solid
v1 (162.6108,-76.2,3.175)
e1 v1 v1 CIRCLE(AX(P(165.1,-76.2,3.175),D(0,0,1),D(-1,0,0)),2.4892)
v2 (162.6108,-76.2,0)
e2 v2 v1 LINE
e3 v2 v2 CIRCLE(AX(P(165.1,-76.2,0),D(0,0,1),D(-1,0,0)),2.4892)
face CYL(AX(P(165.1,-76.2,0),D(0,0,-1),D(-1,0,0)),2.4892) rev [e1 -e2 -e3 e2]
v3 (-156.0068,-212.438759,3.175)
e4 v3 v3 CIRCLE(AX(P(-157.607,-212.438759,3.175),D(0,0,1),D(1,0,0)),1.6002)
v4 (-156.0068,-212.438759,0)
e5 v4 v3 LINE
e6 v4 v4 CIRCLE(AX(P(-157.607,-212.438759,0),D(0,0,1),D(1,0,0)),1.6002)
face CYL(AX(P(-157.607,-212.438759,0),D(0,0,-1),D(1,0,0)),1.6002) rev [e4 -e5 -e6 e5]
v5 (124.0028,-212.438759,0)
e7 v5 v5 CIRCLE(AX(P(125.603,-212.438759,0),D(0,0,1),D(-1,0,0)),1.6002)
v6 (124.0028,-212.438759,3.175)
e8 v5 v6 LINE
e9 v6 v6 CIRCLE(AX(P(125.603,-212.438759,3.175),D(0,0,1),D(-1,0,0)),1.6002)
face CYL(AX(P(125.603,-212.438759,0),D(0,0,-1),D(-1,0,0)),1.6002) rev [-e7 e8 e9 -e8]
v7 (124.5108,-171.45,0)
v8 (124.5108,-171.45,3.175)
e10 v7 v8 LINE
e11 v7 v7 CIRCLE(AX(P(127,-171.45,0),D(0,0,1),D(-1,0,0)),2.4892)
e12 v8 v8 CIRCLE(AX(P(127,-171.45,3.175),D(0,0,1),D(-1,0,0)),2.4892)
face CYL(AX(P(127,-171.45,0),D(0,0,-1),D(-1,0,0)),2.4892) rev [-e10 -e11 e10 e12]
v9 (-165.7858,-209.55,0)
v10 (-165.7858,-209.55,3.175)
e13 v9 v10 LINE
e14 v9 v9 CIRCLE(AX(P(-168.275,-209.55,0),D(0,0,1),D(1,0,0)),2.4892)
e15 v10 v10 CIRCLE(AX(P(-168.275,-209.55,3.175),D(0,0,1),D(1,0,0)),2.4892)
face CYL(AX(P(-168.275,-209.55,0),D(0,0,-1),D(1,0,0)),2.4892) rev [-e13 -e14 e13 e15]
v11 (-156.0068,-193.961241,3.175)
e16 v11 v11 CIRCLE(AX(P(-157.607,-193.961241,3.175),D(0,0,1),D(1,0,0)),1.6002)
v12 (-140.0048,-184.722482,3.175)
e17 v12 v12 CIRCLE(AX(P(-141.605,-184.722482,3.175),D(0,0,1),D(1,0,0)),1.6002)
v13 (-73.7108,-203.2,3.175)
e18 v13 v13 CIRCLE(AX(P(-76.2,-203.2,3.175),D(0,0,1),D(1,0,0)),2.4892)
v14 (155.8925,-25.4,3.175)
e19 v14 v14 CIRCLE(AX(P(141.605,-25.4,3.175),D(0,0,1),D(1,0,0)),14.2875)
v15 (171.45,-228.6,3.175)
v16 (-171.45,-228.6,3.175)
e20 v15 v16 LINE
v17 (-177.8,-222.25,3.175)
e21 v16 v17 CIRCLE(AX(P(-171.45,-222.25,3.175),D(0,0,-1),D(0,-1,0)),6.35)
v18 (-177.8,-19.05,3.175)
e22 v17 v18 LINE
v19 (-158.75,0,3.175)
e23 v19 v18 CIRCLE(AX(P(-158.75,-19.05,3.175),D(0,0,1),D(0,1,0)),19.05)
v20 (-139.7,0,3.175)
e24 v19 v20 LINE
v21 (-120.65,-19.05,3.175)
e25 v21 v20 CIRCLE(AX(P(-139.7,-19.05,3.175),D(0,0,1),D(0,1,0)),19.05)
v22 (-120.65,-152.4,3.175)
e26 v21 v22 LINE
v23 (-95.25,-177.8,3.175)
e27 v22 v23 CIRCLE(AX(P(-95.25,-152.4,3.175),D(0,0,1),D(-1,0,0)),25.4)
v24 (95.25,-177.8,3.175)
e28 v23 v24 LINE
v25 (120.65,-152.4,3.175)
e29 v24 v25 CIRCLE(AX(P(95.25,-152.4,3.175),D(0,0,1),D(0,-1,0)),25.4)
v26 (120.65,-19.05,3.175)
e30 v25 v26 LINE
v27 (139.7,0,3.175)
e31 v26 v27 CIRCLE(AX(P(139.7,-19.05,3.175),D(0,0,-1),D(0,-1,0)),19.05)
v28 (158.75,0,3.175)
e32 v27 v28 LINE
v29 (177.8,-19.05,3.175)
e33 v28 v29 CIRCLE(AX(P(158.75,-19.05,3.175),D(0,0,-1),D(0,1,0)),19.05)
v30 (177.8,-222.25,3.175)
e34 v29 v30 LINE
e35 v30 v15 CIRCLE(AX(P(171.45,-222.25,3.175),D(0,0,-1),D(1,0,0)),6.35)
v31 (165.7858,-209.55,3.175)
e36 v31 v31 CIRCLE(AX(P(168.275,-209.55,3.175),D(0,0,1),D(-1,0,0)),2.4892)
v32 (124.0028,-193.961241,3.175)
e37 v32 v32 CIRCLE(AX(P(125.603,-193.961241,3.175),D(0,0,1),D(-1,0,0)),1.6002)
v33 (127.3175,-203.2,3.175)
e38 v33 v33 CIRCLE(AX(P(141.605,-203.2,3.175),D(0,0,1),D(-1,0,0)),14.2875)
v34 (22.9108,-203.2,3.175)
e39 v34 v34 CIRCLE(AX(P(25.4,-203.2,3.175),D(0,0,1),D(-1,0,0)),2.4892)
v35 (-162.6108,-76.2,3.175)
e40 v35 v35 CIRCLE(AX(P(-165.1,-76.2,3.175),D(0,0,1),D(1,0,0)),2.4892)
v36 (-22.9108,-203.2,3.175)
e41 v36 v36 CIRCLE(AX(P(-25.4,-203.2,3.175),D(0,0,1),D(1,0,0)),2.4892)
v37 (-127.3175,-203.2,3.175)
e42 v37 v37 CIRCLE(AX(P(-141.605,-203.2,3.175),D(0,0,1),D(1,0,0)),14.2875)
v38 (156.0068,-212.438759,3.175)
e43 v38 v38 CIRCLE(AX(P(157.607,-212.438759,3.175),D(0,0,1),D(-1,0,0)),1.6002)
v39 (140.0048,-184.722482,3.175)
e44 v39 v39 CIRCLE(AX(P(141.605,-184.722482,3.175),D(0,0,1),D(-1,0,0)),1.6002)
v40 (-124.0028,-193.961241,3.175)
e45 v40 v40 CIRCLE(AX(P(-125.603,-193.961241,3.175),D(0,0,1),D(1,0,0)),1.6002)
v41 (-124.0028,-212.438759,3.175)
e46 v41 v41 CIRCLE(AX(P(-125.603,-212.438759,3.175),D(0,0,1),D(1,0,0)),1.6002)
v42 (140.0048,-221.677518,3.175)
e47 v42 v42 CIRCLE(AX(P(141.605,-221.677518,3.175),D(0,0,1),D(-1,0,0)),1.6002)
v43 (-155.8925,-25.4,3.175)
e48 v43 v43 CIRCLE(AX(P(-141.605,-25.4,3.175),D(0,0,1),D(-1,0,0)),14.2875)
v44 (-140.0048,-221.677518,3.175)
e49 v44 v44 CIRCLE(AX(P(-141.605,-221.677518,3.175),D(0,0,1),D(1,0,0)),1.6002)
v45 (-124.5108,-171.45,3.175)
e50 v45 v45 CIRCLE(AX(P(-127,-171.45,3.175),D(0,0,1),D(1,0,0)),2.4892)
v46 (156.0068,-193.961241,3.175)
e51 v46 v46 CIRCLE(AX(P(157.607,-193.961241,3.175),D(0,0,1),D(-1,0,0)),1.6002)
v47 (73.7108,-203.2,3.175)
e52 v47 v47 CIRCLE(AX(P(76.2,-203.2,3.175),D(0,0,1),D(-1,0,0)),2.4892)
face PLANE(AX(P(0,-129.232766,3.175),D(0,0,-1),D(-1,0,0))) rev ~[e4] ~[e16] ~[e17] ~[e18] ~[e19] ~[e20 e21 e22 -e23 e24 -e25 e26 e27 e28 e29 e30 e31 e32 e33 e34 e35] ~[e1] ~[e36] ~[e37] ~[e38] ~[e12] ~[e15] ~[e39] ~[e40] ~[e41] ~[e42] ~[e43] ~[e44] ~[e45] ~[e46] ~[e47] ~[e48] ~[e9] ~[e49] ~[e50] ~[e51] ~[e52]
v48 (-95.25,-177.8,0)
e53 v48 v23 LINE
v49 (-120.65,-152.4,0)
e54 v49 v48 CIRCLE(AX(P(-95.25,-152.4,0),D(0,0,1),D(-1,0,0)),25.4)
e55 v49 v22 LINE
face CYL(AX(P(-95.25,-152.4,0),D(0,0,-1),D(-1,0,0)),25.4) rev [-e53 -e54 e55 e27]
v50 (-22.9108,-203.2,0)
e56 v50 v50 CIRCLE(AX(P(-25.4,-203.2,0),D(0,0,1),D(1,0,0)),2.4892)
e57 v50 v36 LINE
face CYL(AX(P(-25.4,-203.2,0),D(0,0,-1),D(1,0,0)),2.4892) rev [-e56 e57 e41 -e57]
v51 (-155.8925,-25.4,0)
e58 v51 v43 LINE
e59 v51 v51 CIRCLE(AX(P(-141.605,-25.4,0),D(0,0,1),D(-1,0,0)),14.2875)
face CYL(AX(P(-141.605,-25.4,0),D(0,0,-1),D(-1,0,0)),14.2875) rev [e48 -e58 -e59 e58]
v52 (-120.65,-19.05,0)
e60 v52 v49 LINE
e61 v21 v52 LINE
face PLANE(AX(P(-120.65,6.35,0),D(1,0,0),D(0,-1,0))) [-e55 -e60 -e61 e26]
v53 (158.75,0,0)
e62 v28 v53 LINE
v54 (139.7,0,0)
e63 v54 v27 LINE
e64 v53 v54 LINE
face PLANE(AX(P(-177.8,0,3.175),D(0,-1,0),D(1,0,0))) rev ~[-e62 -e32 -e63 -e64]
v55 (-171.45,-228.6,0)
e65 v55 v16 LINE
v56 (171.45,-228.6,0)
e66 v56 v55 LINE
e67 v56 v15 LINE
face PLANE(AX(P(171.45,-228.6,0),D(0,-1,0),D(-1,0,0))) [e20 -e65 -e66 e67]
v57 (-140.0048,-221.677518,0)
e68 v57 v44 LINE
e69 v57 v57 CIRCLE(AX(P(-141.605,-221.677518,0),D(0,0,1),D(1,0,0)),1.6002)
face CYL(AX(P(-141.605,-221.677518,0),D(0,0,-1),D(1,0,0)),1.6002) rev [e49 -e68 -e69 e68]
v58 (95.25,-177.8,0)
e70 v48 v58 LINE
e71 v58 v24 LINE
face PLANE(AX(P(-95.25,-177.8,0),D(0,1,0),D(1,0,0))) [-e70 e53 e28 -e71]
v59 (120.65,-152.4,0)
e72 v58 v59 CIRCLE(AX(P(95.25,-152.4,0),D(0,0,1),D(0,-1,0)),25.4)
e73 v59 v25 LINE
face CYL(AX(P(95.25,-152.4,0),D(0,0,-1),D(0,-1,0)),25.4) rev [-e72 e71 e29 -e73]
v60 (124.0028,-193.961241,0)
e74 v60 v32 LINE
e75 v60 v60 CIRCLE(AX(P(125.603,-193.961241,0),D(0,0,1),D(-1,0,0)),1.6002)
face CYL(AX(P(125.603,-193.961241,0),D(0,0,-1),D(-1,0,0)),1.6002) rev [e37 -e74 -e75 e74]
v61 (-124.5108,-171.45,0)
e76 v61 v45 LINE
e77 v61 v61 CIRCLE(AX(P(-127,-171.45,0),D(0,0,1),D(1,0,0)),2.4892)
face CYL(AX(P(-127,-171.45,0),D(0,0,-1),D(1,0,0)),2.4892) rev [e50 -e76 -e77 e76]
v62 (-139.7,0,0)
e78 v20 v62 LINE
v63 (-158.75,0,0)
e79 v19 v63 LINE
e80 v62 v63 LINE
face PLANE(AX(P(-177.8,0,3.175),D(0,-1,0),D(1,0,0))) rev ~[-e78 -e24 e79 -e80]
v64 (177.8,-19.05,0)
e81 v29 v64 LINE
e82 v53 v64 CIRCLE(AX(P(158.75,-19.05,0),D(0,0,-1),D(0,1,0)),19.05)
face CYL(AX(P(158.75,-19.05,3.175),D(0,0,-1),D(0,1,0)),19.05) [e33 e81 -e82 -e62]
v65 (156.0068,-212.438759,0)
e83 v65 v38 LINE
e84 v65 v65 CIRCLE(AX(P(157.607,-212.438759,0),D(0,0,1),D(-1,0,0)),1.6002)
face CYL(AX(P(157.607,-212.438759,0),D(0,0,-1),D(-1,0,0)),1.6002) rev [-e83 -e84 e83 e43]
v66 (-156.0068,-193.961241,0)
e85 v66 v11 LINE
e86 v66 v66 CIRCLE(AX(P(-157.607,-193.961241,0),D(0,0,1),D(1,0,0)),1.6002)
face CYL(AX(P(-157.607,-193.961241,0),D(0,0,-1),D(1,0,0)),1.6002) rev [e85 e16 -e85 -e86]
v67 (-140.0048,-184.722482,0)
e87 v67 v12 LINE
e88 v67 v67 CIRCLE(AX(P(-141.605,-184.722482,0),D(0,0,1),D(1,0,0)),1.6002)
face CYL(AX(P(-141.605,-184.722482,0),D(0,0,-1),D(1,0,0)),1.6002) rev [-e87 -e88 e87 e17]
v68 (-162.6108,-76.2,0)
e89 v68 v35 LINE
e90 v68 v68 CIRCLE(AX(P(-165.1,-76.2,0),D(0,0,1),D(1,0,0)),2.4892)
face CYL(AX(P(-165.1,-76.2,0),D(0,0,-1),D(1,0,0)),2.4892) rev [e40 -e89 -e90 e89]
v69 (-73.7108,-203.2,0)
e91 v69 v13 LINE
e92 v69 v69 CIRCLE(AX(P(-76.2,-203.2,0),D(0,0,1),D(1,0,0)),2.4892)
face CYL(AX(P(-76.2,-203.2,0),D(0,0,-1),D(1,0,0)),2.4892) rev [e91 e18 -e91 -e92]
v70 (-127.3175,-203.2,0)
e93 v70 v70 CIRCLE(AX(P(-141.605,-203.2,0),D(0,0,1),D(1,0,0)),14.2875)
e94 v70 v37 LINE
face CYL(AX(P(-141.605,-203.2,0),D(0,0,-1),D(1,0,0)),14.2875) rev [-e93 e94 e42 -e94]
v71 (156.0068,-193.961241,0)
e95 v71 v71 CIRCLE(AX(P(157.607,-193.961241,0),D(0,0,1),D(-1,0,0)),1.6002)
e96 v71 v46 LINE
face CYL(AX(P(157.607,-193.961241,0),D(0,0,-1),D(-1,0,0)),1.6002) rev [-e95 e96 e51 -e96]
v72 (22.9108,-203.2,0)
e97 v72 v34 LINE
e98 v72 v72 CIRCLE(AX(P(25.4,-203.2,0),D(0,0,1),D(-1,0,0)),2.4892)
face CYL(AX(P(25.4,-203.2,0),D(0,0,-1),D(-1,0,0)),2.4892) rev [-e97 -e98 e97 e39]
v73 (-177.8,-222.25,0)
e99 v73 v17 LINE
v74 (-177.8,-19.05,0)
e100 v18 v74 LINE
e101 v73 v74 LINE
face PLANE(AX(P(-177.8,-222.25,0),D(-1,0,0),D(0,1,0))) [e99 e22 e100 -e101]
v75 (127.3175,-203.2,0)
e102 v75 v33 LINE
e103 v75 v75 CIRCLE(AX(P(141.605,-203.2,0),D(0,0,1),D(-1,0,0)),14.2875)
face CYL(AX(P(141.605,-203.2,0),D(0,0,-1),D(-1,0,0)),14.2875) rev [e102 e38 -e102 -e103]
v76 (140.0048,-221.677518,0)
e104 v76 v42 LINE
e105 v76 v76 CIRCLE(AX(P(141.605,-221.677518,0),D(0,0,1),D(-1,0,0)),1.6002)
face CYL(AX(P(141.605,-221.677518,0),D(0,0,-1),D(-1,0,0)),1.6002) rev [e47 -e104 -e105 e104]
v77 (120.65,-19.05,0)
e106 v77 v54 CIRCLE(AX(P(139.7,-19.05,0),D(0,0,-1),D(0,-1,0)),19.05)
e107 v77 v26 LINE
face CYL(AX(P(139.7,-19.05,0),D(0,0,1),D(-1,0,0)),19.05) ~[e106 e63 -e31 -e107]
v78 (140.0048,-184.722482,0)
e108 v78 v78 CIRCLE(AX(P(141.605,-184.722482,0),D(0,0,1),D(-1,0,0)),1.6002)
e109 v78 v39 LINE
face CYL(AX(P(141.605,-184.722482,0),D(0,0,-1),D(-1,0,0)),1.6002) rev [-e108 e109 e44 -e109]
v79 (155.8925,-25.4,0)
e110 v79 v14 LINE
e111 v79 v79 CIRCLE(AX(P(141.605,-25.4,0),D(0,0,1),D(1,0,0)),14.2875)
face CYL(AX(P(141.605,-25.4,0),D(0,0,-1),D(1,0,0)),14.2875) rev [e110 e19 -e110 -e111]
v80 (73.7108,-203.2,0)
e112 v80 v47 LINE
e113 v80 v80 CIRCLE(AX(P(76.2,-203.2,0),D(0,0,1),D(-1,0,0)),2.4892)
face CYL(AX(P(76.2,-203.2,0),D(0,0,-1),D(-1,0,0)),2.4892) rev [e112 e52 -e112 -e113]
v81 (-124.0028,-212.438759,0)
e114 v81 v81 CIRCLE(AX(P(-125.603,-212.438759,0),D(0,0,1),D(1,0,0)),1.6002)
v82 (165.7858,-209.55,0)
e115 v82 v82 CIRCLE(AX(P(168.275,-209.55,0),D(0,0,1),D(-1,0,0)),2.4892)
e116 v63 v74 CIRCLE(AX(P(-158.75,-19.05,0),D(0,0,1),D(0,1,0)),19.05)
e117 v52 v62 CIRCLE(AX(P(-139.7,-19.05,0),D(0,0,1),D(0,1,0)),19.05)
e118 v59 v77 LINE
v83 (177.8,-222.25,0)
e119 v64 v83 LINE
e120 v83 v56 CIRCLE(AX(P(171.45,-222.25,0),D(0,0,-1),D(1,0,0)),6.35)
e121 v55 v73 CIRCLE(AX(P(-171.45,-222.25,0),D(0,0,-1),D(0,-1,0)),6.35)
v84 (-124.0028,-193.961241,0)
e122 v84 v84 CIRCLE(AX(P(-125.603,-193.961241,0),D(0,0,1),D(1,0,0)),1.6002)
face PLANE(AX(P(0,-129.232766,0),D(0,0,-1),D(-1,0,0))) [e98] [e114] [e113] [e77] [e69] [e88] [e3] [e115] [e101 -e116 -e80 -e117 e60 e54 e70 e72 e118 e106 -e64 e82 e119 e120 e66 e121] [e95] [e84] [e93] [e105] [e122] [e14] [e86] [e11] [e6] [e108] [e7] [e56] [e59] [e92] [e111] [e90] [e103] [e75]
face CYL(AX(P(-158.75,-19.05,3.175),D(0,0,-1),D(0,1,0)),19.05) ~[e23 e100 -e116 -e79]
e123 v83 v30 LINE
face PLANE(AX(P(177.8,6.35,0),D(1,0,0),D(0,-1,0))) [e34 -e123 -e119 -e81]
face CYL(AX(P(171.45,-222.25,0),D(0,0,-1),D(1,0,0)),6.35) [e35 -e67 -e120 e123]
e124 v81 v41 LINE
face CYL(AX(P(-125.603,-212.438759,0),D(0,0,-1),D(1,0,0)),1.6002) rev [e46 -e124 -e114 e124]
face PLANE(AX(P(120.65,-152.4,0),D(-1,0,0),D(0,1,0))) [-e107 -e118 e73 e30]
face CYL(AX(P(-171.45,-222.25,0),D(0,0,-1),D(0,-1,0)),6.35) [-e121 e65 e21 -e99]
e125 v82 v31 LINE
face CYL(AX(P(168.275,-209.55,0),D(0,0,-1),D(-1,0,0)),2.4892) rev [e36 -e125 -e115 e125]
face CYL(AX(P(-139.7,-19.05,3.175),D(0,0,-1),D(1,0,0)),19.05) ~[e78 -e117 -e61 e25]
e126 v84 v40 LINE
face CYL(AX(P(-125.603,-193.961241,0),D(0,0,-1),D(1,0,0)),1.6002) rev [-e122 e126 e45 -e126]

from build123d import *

# Parameters (mm, degrees)
SKETCH1_R           = 14.2875
SKETCH1_R_2         = 1.6002
SKETCH1_R_3         = 2.4892
BOSS_EXTRUDE3_DEPTH = 3.175
SKETCH2_W           = 355.6
SKETCH2_H           = 19.05
CUT_EXTRUDE1_DEPTH  = 290.621961572
FILLET1_R           = 19.05


with BuildPart() as part:
    # Sketch1 → Boss-Extrude3 (new body)
    with BuildSketch(Plane.XY):
        with BuildLine():
            Line((120.65, -152.4), (120.65, -6.35))
            Line((120.65, -6.35), (120.65, 6.35))
            ThreePointArc((120.65, 6.35), (124.369743879, 15.330256121), (133.35, 19.05))
            Line((133.35, 19.05), (165.1, 19.05))
            ThreePointArc((165.1, 19.05), (174.080256121, 15.330256121), (177.8, 6.35))
            Line((177.8, 6.35), (177.8, -6.35))
            Line((177.8, -6.35), (177.8, -222.25))
            ThreePointArc((177.8, -222.25), (175.940128061, -226.740128061), (171.45, -228.6))
            Line((171.45, -228.6), (12.7, -228.6))
            Line((12.7, -228.6), (-12.7, -228.6))
            Line((-12.7, -228.6), (-171.45, -228.6))
            ThreePointArc((-171.45, -228.6), (-175.940128061, -226.740128061), (-177.8, -222.25))
            Line((-177.8, -222.25), (-177.8, -6.35))
            Line((-177.8, -6.35), (-177.8, 6.35))
            ThreePointArc((-177.8, 6.35), (-174.080256121, 15.330256121), (-165.1, 19.05))
            Line((-165.1, 19.05), (-133.35, 19.05))
            ThreePointArc((-133.35, 19.05), (-124.369743879, 15.330256121), (-120.65, 6.35))
            Line((-120.65, 6.35), (-120.65, -6.35))
            Line((-120.65, -6.35), (-120.65, -152.4))
            ThreePointArc((-120.65, -152.4), (-113.210512242, -170.360512242), (-95.25, -177.8))
            Line((-95.25, -177.8), (-12.7, -177.8))
            Line((-12.7, -177.8), (12.7, -177.8))
            Line((12.7, -177.8), (95.25, -177.8))
            ThreePointArc((95.25, -177.8), (113.210512242, -170.360512242), (120.65, -152.4))
        make_face()
        with Locations((141.605, -25.4)):
            Circle(SKETCH1_R, mode=Mode.SUBTRACT)
        with Locations(Location((-141.605, -25.4, 0), (0, 0, 180))):
            Circle(SKETCH1_R, mode=Mode.SUBTRACT)
        with Locations((-141.605, -203.2)):
            Circle(SKETCH1_R, mode=Mode.SUBTRACT)
        with Locations((-141.605, -184.722481985)):
            Circle(SKETCH1_R_2, mode=Mode.SUBTRACT)
        with Locations((-125.603, -193.961240992)):
            Circle(SKETCH1_R_2, mode=Mode.SUBTRACT)
        with Locations((-125.603, -212.438759008)):
            Circle(SKETCH1_R_2, mode=Mode.SUBTRACT)
        with Locations((-141.605, -221.677518015)):
            Circle(SKETCH1_R_2, mode=Mode.SUBTRACT)
        with Locations((-157.607, -212.438759008)):
            Circle(SKETCH1_R_2, mode=Mode.SUBTRACT)
        with Locations((-157.607, -193.961240992)):
            Circle(SKETCH1_R_2, mode=Mode.SUBTRACT)
        with Locations(Location((157.607, -212.438759008, 0), (0, 0, 180))):
            Circle(SKETCH1_R_2, mode=Mode.SUBTRACT)
        with Locations(Location((157.607, -193.961240992, 0), (0, 0, 180))):
            Circle(SKETCH1_R_2, mode=Mode.SUBTRACT)
        with Locations(Location((141.605, -184.722481985, 0), (0, 0, 180))):
            Circle(SKETCH1_R_2, mode=Mode.SUBTRACT)
        with Locations(Location((125.603, -193.961240992, 0), (0, 0, 180))):
            Circle(SKETCH1_R_2, mode=Mode.SUBTRACT)
        with Locations(Location((125.603, -212.438759008, 0), (0, 0, 180))):
            Circle(SKETCH1_R_2, mode=Mode.SUBTRACT)
        with Locations(Location((141.605, -221.677518015, 0), (0, 0, 180))):
            Circle(SKETCH1_R_2, mode=Mode.SUBTRACT)
        with Locations(Location((141.605, -203.2, 0), (0, 0, 180))):
            Circle(SKETCH1_R, mode=Mode.SUBTRACT)
        with Locations((-76.2, -203.2)):
            Circle(SKETCH1_R_3, mode=Mode.SUBTRACT)
        with Locations(Location((76.2, -203.2, 0), (0, 0, 180))):
            Circle(SKETCH1_R_3, mode=Mode.SUBTRACT)
        with Locations((-25.4, -203.2)):
            Circle(SKETCH1_R_3, mode=Mode.SUBTRACT)
        with Locations((-127, -171.45)):
            Circle(SKETCH1_R_3, mode=Mode.SUBTRACT)
        with Locations((-149.225, 6.35)):
            Circle(SKETCH1_R_3, mode=Mode.SUBTRACT)
        with Locations(Location((127, -171.45, 0), (0, 0, 180))):
            Circle(SKETCH1_R_3, mode=Mode.SUBTRACT)
        with Locations(Location((149.225, 6.35, 0), (0, 0, 180))):
            Circle(SKETCH1_R_3, mode=Mode.SUBTRACT)
        with Locations((-168.275, -209.55)):
            Circle(SKETCH1_R_3, mode=Mode.SUBTRACT)
        with Locations(Location((168.275, -209.55, 0), (0, 0, 180))):
            Circle(SKETCH1_R_3, mode=Mode.SUBTRACT)
        with Locations((-165.1, -76.2)):
            Circle(SKETCH1_R_3, mode=Mode.SUBTRACT)
        with Locations(Location((165.1, -76.2, 0), (0, 0, 180))):
            Circle(SKETCH1_R_3, mode=Mode.SUBTRACT)
        with Locations(Location((25.4, -203.2, 0), (0, 0, 180))):
            Circle(SKETCH1_R_3, mode=Mode.SUBTRACT)
    extrude(amount=BOSS_EXTRUDE3_DEPTH)

    # Sketch2 → Cut-Extrude1 (cut, through all)
    with BuildSketch(Plane.XY.offset(3.175)):
        with Locations((0, 9.525)):
            Rectangle(SKETCH2_W, SKETCH2_H)
    extrude(amount=-CUT_EXTRUDE1_DEPTH, mode=Mode.SUBTRACT)

    # Fillet1
    fillet1_edges = [part.edges().sort_by_distance(p)[0] for p in [
        (-177.8, 0, 1.5875),
        (120.65, 0, 1.5875),
        (177.8, 0, 1.5875),
        (-120.65, 0, 1.5875),
    ]]
    fillet(fillet1_edges, radius=FILLET1_R)


solid = part.part
